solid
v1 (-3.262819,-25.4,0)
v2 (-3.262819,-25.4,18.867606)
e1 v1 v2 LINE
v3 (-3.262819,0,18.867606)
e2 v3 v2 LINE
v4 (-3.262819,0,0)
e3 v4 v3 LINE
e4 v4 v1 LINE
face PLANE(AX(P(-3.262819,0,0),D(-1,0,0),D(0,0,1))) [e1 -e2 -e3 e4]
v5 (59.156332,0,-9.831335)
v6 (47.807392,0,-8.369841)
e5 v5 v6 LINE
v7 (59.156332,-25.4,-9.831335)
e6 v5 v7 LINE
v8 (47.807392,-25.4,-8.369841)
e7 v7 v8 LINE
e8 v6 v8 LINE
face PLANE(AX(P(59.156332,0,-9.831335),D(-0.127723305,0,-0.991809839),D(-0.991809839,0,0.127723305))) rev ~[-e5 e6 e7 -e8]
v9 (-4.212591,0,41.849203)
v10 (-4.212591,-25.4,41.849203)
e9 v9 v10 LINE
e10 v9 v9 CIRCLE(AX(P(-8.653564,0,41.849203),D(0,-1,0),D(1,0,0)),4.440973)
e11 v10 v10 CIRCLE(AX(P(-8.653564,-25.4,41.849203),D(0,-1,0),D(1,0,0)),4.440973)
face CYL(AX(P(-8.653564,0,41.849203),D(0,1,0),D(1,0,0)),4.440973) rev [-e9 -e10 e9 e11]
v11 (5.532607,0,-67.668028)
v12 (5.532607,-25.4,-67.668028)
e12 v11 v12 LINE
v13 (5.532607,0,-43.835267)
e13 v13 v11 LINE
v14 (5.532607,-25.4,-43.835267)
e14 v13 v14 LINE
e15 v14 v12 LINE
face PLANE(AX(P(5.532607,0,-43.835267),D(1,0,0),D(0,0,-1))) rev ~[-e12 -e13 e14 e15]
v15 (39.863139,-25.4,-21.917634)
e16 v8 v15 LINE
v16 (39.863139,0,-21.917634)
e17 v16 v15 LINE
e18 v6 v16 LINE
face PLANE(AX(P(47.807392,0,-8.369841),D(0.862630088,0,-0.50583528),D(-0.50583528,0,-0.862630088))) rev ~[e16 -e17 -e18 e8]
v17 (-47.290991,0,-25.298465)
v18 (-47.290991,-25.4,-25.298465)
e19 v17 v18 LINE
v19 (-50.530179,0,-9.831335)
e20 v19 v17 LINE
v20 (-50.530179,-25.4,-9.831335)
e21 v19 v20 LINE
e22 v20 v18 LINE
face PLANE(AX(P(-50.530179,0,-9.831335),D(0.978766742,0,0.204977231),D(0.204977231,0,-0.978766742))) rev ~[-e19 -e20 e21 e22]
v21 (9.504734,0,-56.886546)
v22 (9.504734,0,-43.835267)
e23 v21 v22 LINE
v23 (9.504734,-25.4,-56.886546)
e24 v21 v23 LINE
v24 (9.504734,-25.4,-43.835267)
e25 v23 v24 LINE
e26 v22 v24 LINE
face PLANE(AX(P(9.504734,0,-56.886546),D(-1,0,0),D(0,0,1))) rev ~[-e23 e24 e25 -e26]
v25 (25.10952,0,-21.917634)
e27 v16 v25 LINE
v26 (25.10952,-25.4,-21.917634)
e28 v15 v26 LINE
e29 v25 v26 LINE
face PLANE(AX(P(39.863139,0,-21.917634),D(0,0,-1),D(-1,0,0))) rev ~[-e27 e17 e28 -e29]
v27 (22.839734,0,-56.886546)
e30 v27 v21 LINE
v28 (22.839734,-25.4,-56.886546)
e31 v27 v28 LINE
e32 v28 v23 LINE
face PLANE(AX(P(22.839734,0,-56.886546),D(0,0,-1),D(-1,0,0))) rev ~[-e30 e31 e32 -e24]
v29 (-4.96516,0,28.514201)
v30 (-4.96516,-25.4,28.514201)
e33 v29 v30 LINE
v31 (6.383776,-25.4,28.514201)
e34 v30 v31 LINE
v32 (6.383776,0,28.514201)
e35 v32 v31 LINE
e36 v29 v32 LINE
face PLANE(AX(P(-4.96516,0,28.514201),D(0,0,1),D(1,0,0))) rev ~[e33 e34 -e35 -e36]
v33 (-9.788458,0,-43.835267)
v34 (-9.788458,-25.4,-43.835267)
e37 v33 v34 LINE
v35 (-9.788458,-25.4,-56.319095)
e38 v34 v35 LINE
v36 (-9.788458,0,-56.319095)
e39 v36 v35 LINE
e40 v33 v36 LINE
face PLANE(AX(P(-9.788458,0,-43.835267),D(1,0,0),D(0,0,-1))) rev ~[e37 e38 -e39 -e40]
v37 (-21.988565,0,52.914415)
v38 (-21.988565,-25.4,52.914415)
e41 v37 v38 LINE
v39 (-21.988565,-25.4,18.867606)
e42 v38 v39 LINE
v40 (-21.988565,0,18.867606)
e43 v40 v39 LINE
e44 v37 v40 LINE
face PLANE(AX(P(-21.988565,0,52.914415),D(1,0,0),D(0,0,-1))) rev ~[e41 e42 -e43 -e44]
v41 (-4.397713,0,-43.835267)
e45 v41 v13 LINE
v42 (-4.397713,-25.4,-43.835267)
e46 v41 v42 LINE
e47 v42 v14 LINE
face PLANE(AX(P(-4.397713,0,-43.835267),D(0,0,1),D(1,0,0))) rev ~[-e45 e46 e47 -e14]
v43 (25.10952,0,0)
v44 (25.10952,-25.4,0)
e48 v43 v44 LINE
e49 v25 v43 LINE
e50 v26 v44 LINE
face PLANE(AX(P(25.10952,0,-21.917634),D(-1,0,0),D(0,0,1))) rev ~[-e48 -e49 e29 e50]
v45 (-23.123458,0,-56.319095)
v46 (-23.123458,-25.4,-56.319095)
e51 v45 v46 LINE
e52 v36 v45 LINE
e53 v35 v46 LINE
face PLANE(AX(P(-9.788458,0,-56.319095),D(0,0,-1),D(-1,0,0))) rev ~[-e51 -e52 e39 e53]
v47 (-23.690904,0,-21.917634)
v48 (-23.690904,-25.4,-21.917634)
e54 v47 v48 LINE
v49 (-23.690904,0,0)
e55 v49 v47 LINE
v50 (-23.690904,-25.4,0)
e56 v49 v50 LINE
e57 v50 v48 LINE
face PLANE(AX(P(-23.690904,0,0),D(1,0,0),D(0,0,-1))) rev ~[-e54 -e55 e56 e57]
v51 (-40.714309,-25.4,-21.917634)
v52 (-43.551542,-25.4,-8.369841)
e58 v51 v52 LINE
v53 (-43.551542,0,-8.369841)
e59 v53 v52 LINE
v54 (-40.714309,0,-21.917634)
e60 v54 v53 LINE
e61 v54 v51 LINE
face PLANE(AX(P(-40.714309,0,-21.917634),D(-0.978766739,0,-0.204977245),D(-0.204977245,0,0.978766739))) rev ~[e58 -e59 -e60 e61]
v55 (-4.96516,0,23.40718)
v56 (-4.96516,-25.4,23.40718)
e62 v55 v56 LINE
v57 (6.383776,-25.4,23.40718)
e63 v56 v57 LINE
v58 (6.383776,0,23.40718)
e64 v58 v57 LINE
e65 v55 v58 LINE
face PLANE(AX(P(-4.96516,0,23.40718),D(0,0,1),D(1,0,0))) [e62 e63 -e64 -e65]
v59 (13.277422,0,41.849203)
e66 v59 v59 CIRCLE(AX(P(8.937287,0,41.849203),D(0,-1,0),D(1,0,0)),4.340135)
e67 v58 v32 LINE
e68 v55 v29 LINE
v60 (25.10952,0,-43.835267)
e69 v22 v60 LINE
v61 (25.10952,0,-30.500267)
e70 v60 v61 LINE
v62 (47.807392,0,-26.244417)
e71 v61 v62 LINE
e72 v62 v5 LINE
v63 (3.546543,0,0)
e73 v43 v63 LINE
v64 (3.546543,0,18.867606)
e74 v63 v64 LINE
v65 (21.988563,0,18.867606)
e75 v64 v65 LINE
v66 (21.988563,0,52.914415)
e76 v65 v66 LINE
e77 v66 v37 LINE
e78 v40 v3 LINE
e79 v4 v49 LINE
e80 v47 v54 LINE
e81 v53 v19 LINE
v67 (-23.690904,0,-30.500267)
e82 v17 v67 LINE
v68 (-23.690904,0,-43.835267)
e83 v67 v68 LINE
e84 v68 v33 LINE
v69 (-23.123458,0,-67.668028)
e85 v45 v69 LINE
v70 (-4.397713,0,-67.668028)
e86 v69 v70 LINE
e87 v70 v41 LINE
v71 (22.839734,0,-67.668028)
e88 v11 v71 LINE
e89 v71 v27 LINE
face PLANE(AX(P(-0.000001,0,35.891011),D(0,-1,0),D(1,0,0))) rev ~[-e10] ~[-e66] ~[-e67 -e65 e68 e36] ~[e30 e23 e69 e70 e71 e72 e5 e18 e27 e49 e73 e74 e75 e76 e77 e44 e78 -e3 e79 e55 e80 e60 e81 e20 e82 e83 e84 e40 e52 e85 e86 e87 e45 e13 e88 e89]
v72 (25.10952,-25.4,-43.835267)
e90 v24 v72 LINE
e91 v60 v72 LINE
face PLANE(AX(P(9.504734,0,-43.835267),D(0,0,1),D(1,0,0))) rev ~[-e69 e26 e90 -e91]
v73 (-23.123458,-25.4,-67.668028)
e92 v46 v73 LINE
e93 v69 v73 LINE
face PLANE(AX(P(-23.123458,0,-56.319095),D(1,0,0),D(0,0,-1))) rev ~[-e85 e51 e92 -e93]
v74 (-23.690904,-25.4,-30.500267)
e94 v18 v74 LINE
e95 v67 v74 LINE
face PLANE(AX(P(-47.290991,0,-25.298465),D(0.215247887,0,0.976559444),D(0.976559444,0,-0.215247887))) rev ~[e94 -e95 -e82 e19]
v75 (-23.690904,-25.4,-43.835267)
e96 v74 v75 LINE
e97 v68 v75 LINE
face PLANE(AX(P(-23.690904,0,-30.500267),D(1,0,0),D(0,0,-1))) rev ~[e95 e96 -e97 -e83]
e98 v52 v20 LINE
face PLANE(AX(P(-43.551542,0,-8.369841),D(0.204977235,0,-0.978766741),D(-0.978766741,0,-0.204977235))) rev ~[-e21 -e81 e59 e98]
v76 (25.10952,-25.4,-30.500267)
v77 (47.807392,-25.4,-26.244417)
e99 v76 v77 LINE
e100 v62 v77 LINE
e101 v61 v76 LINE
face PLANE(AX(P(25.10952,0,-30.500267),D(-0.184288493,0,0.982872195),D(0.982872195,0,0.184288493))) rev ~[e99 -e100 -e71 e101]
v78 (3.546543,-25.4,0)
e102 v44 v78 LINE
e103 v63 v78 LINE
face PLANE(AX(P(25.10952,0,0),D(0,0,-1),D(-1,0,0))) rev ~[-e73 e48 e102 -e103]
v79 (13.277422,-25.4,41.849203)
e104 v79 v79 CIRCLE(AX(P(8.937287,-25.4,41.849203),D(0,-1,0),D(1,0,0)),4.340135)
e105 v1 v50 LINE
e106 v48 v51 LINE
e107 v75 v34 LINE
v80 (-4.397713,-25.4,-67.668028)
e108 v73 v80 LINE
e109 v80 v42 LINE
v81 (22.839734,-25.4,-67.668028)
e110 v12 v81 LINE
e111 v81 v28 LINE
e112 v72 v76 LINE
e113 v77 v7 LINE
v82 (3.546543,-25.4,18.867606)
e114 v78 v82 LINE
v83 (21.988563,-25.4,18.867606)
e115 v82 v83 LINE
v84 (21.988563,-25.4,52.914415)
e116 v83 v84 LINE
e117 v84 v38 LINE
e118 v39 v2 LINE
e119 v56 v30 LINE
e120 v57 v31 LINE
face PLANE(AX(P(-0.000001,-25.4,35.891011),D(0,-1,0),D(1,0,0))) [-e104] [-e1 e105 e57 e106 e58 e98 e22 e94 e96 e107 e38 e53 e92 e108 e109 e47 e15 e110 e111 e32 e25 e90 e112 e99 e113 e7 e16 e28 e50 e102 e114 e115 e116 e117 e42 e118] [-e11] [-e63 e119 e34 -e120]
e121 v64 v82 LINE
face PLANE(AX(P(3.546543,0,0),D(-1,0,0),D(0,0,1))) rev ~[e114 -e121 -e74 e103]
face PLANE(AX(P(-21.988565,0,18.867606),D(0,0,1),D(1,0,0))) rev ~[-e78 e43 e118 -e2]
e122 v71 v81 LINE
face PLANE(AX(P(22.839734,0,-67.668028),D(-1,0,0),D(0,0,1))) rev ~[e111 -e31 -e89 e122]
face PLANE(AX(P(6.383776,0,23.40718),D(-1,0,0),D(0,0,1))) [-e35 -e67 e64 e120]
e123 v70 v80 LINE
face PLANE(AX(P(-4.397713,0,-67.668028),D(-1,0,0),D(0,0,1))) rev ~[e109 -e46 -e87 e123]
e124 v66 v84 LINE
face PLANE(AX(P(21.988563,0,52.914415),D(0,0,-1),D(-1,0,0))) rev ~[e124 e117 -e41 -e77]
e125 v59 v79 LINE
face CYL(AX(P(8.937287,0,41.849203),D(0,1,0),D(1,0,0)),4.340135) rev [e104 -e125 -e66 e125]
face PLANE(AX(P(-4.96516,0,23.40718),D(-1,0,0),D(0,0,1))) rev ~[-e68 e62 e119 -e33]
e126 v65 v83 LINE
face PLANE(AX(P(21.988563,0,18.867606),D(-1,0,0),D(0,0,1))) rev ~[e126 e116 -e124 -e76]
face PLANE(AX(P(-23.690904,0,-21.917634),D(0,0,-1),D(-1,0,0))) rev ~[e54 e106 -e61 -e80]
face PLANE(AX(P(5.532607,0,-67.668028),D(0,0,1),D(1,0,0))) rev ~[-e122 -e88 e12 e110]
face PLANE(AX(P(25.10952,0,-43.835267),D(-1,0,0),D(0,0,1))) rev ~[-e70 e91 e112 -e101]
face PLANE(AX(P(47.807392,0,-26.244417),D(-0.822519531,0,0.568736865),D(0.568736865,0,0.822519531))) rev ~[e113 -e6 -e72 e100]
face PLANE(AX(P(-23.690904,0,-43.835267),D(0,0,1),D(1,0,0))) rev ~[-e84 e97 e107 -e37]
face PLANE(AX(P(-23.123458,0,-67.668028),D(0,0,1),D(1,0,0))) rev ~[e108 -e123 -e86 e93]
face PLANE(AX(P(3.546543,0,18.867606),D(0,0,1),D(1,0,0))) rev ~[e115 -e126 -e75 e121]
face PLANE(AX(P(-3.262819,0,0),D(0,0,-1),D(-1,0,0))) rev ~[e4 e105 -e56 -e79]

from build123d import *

# Parameters (mm, degrees)
F0_W     = 11.348937
F0_H     = 5.107021
F0_R     = 4.440973
F0_R_2   = 4.340135
F0_W_2   = 6.809362
F0_H_2   = 18.867606
F1_DEPTH = 25.4


with BuildPart() as f1:
    # F0 (on Front) → F1 (new body)
    with BuildSketch(Plane.XZ):
        Polygon((21.988563, 52.914415), (-21.988565, 52.914415), (-21.988565, 18.867606), (-3.262819, 18.867606), (3.546543, 18.867606), (21.988563, 18.867606), align=None)
        with Locations((0.709308, 25.96069)):
            Rectangle(F0_W, F0_H, mode=Mode.SUBTRACT)
        with Locations((-8.653564, 41.849203)):
            Circle(F0_R, mode=Mode.SUBTRACT)
        with Locations((8.937287, 41.849203)):
            Circle(F0_R_2, mode=Mode.SUBTRACT)
        with Locations((0.141862, 9.433803)):
            Rectangle(F0_W_2, F0_H_2)
        Polygon((3.546543, 0), (-3.262819, 0), (-23.690904, 0), (-23.690904, -21.917634), (-23.690904, -30.500267), (-23.690904, -43.835267), (-9.788458, -43.835267), (-4.397713, -43.835267), (5.532607, -43.835267), (9.504734, -43.835267), (25.10952, -43.835267), (25.10952, -30.500267), (25.10952, -21.917634), (25.10952, 0), align=None)
        Polygon((-23.690904, -30.500267), (-23.690904, -21.917634), (-40.714309, -21.917634), (-43.551542, -8.369841), (-50.530179, -9.831335), (-47.290991, -25.298465), align=None)
        Polygon((39.863139, -21.917634), (25.10952, -21.917634), (25.10952, -30.500267), (47.807392, -26.244417), (59.156332, -9.831335), (47.807392, -8.369841), align=None)
        Polygon((-4.397713, -43.835267), (-9.788458, -43.835267), (-9.788458, -56.319095), (-23.123458, -56.319095), (-23.123458, -67.668028), (-4.397713, -67.668028), align=None)
        Polygon((9.504734, -56.886546), (9.504734, -43.835267), (5.532607, -43.835267), (5.532607, -67.668028), (22.839734, -67.668028), (22.839734, -56.886546), align=None)
    extrude(amount=F1_DEPTH)


solid = f1.part
